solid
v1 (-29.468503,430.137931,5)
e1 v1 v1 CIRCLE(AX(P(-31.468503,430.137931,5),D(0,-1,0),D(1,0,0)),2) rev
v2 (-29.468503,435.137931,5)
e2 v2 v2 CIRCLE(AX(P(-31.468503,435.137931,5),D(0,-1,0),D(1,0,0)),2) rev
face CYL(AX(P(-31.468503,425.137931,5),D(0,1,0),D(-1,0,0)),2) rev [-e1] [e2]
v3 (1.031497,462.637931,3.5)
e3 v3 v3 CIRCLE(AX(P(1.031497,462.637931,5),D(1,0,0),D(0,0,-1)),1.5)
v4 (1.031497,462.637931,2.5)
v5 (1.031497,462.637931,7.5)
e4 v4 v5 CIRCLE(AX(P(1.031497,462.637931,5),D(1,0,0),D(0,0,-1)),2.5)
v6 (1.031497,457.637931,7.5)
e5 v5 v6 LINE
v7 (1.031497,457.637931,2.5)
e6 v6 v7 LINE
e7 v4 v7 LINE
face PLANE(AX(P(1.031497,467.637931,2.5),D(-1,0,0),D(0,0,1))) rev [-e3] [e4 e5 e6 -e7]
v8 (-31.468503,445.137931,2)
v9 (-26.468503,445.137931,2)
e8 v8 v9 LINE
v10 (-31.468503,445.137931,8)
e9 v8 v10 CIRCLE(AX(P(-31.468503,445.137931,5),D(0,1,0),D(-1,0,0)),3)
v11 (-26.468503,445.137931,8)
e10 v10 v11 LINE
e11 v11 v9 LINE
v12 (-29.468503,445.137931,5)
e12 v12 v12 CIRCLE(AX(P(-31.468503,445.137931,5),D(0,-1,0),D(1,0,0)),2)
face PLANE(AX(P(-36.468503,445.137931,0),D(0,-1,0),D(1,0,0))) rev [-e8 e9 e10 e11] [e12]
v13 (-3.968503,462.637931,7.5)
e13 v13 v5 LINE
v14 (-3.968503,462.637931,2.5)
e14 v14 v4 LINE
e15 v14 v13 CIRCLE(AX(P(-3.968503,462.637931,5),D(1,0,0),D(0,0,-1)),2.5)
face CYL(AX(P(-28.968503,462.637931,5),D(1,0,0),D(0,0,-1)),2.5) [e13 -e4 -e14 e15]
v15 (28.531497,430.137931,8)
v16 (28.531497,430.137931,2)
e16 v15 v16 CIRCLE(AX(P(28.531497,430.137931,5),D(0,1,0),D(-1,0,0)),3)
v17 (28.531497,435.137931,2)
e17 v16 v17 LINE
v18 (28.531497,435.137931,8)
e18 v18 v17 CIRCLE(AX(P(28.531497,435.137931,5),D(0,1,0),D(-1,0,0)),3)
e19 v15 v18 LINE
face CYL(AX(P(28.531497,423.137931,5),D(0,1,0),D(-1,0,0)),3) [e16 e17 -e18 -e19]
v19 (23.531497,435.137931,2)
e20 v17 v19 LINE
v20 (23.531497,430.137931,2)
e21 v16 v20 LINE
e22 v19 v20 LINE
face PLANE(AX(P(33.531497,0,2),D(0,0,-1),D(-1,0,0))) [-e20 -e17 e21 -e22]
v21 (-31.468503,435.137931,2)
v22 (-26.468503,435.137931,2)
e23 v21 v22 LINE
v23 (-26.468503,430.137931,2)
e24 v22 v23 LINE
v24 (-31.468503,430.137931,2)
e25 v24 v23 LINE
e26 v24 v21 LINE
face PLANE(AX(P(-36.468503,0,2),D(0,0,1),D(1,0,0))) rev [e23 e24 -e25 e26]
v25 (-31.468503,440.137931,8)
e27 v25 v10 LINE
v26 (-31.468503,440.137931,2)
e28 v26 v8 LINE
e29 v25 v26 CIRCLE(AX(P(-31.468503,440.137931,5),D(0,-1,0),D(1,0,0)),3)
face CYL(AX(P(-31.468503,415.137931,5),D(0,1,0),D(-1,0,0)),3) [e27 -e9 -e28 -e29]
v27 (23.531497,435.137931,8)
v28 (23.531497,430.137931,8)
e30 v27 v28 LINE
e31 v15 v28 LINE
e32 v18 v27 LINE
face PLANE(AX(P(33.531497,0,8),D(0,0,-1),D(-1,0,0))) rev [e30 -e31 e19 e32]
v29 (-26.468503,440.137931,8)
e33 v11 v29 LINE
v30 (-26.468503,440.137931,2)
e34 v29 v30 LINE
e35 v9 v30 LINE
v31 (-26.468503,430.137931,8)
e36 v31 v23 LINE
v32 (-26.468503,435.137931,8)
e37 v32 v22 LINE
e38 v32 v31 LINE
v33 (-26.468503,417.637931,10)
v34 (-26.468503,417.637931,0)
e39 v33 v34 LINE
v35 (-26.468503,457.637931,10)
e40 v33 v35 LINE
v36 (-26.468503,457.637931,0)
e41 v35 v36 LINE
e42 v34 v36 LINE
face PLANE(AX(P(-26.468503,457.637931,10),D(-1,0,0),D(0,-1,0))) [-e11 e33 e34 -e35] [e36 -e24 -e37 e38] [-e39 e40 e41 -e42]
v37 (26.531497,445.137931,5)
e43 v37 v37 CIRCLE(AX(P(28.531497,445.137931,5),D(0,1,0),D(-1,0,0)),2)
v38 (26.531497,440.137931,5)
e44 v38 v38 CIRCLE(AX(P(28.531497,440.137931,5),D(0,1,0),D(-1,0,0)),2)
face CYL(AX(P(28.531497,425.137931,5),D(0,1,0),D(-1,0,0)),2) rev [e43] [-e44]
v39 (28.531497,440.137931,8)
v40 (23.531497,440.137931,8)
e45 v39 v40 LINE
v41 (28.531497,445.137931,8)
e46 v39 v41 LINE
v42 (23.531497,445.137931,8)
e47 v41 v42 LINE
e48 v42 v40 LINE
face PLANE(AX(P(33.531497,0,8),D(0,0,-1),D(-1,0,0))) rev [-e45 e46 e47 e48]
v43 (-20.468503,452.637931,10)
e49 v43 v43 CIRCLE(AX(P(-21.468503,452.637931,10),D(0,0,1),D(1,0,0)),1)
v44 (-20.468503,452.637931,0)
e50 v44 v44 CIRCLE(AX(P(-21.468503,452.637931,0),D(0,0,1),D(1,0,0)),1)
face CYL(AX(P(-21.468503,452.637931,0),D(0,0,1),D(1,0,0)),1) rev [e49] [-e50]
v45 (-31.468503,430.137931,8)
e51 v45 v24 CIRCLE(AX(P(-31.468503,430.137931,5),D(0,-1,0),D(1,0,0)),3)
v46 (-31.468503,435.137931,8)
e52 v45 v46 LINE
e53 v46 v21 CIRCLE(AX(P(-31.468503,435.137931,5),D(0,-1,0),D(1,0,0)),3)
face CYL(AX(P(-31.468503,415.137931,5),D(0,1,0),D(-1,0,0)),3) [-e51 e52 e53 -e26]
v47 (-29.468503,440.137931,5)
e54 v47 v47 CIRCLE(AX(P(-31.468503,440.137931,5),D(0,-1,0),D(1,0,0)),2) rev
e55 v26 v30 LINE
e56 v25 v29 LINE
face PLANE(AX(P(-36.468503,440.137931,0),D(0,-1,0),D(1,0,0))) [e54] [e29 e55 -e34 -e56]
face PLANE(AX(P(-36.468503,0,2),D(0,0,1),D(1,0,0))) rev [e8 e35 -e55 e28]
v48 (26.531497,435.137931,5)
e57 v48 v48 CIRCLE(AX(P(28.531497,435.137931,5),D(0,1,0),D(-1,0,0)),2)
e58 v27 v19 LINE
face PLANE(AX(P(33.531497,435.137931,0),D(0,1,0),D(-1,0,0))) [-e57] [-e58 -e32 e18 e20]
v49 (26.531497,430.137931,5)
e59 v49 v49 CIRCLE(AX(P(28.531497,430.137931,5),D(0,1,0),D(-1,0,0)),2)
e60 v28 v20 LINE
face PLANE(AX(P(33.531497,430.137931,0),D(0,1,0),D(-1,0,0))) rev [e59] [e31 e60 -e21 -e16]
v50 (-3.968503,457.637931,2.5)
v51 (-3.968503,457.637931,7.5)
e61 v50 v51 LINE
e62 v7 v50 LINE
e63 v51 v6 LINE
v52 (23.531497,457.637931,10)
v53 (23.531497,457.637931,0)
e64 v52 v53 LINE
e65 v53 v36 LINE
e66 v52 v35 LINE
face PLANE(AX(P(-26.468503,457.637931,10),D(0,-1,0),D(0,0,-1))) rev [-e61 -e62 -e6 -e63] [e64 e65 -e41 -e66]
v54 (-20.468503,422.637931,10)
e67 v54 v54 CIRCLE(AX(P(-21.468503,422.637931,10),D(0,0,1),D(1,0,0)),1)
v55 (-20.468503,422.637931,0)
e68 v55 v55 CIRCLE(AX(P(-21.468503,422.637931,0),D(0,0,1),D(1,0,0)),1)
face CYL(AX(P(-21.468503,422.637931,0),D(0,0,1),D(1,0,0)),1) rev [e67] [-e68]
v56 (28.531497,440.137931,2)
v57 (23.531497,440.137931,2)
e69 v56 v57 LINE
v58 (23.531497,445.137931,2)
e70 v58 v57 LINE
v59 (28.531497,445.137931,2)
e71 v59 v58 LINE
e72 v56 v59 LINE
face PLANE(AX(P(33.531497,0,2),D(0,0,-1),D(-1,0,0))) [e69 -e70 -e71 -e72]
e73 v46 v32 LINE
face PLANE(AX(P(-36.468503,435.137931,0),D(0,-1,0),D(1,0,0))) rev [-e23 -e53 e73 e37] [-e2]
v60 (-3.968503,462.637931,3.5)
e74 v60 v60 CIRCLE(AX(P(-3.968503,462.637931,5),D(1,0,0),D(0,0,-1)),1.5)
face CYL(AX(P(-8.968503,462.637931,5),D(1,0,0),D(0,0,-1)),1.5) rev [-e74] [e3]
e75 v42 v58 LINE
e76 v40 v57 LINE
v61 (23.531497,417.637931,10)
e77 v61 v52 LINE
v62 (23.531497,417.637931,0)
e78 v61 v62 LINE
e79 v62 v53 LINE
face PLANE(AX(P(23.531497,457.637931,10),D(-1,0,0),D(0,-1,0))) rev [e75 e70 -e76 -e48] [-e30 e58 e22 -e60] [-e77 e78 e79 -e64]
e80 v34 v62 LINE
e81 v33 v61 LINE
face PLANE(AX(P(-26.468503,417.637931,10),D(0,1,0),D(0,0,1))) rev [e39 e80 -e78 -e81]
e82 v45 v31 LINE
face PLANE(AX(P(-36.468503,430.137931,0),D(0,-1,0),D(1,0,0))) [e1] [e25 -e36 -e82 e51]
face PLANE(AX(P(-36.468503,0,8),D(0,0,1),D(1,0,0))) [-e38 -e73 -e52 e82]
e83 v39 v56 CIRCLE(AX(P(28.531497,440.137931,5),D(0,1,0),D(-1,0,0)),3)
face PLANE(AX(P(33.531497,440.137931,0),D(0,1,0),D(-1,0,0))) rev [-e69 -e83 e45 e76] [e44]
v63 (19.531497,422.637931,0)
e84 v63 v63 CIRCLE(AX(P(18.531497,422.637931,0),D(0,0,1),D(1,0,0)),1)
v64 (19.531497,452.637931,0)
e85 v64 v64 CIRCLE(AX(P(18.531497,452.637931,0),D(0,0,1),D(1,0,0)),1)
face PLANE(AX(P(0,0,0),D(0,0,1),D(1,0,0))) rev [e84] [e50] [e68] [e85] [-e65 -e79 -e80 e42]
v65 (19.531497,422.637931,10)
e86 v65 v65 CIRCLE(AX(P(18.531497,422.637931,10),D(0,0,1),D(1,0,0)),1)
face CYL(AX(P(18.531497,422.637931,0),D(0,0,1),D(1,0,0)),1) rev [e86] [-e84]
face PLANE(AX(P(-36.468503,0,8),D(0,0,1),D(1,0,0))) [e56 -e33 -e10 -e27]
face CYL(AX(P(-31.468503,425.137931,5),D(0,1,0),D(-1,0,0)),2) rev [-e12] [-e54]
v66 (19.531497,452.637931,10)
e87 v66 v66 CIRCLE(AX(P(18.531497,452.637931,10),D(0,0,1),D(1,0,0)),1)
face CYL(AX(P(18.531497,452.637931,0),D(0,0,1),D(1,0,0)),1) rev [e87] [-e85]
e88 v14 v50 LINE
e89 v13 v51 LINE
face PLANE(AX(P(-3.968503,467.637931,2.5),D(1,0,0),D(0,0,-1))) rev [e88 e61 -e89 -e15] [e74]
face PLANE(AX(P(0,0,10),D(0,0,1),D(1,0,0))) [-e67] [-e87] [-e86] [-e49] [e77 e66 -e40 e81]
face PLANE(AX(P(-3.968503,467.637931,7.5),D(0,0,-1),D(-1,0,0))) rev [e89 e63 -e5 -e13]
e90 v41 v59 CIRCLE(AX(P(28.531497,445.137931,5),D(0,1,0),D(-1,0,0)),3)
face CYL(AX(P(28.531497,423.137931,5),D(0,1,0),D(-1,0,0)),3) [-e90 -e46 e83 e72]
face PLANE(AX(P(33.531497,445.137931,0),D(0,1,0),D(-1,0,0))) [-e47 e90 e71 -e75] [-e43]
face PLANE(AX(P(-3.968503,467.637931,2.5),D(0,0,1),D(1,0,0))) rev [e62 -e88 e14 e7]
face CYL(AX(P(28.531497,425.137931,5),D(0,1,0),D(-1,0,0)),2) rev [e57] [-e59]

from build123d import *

# Parameters (mm, degrees)
SKETCH1_W           = 50
SKETCH1_H           = 40
BOSS_EXTRUDE1_DEPTH = 10
SKETCH5_W           = 6
SKETCH5_H           = 5
BOSS_EXTRUDE3_DEPTH = 10
SKETCH6_R           = 2
CUT_EXTRUDE1_DEPTH  = 20
SKETCH8_W           = 10
SKETCH8_H           = 40
CUT_EXTRUDE2_DEPTH  = 25
SKETCH12_W          = 5
SKETCH12_H          = 5
BOSS_EXTRUDE5_DEPTH = 10
SKETCH13_R          = 1.5
CUT_EXTRUDE4_DEPTH  = 10
SKETCH14_R          = 1
CUT_EXTRUDE5_DEPTH  = 10
CUT_EXTRUDE6_DEPTH  = 22
CUT_EXTRUDE7_DEPTH  = 30
CUT_EXTRUDE8_DEPTH  = 30


with BuildPart() as part:
    # Sketch1 → Boss-Extrude1 (new body)
    with BuildSketch(Plane(origin=(669.84184187, 0, 0), x_dir=(1, 0, 0), z_dir=(0, 0, 1))):
        with Locations((-671.310344828, 437.637931034)):
            Rectangle(SKETCH1_W, SKETCH1_H)
    boss_extrude1 = extrude(amount=BOSS_EXTRUDE1_DEPTH)

    # Sketch5 → Boss-Extrude3 (add)
    with BuildSketch(Plane(origin=(23.531497042, 0, 0), x_dir=(0, 0, -1), z_dir=(1, 0, 0))):
        with Locations((-5, 442.637931034)):
            Rectangle(SKETCH5_W, SKETCH5_H)
        with Locations((-5, 432.637931034)):
            Rectangle(SKETCH5_W, SKETCH5_H)
    boss_extrude3 = extrude(amount=BOSS_EXTRUDE3_DEPTH)

    # Sketch6 → Cut-Extrude1 (cut)
    with BuildSketch(Plane(origin=(669.84184187, 445.137931034, 0), x_dir=(1, 0, 0), z_dir=(0, 1, 0))):
        with Locations(Location((-641.310344828, -5, 0), (0, 0, 180))):
            Circle(SKETCH6_R)
    cut_extrude1 = extrude(amount=-CUT_EXTRUDE1_DEPTH, mode=Mode.SUBTRACT)

    # Sketch8 → Cut-Extrude2 (cut)
    with BuildSketch(Plane.ZY.offset(26.468502958)):
        with Locations((5, 437.637931034)):
            Rectangle(SKETCH8_W, SKETCH8_H)
    extrude(amount=-CUT_EXTRUDE2_DEPTH, mode=Mode.SUBTRACT)

    # Mirror1: Boss-Extrude1, Boss-Extrude3, Cut-Extrude1 across plane
    add(boss_extrude1.mirror(Plane(origin=(-1.468502958, 0, 0), x_dir=(0, 0, 1), z_dir=(1, 0, 0))))
    add(boss_extrude3.mirror(Plane(origin=(-1.468502958, 0, 0), x_dir=(0, 0, 1), z_dir=(1, 0, 0))))
    add(cut_extrude1.mirror(Plane(origin=(-1.468502958, 0, 0), x_dir=(0, 0, 1), z_dir=(1, 0, 0))), mode=Mode.SUBTRACT)

    # Sketch12 → Boss-Extrude5 (add)
    with BuildSketch(Plane(origin=(0, 457.637931034, 0), x_dir=(1, 0, 0), z_dir=(0, 1, 0))):
        with Locations((-1.468502958, -5)):
            Rectangle(SKETCH12_W, SKETCH12_H)
    extrude(amount=BOSS_EXTRUDE5_DEPTH)

    # Sketch13 → Cut-Extrude4 (cut)
    with BuildSketch(Plane(origin=(1.031497042, 0, 0), x_dir=(0, 0, -1), z_dir=(1, 0, 0))):
        with Locations((-5, 462.637931034)):
            Circle(SKETCH13_R)
    extrude(amount=-CUT_EXTRUDE4_DEPTH, mode=Mode.SUBTRACT)

    # Sketch14 → Cut-Extrude5 (cut)
    with BuildSketch(Plane.XY.offset(10)):
        with Locations((-21.468502958, 452.637931034)):
            Circle(SKETCH14_R)
        with Locations((-21.468502958, 422.637931034)):
            Circle(SKETCH14_R)
        with Locations((18.531497042, 452.637931034)):
            Circle(SKETCH14_R)
        with Locations((18.531497042, 422.637931034)):
            Circle(SKETCH14_R)
    extrude(amount=-CUT_EXTRUDE5_DEPTH, mode=Mode.SUBTRACT)

    # Sketch15 → Cut-Extrude6 (cut)
    with BuildSketch(Plane(origin=(0, 445.137931034, 0), x_dir=(1, 0, 0), z_dir=(0, 1, 0))):
        with BuildLine():
            Line((33.531497042, -2), (28.531497042, -2))
            ThreePointArc((28.531497042, -2), (30.652817386, -2.878679656), (31.531497042, -5))
            ThreePointArc((31.531497042, -5), (30.652817386, -7.121320344), (28.531497042, -8))
            Line((28.531497042, -8), (33.531497042, -8))
            Line((33.531497042, -8), (33.531497042, -2))
        make_face()
    extrude(amount=-CUT_EXTRUDE6_DEPTH, mode=Mode.SUBTRACT)

    # Sketch17 → Cut-Extrude7 (cut)
    with BuildSketch(Plane(origin=(0, 445.137931034, 0), x_dir=(1, 0, 0), z_dir=(0, 1, 0))):
        with BuildLine():
            Line((-36.468502958, -8), (-31.468502958, -8))
            ThreePointArc((-31.468502958, -8), (-34.468502958, -5), (-31.468502958, -2))
            Line((-31.468502958, -2), (-36.468502958, -2))
            Line((-36.468502958, -2), (-36.468502958, -8))
        make_face()
    extrude(amount=-CUT_EXTRUDE7_DEPTH, mode=Mode.SUBTRACT)

    # Sketch18 → Cut-Extrude8 (cut)
    with BuildSketch(Plane(origin=(1.031497042, 0, 0), x_dir=(0, 0, -1), z_dir=(1, 0, 0))):
        with BuildLine():
            Line((-7.5, 467.637931034), (-7.5, 462.637931034))
            ThreePointArc((-7.5, 462.637931034), (-5, 465.137931034), (-2.5, 462.637931034))
            Line((-2.5, 462.637931034), (-2.5, 467.637931034))
            Line((-2.5, 467.637931034), (-7.5, 467.637931034))
        make_face()
    extrude(amount=-CUT_EXTRUDE8_DEPTH, mode=Mode.SUBTRACT)


solid = part.part
